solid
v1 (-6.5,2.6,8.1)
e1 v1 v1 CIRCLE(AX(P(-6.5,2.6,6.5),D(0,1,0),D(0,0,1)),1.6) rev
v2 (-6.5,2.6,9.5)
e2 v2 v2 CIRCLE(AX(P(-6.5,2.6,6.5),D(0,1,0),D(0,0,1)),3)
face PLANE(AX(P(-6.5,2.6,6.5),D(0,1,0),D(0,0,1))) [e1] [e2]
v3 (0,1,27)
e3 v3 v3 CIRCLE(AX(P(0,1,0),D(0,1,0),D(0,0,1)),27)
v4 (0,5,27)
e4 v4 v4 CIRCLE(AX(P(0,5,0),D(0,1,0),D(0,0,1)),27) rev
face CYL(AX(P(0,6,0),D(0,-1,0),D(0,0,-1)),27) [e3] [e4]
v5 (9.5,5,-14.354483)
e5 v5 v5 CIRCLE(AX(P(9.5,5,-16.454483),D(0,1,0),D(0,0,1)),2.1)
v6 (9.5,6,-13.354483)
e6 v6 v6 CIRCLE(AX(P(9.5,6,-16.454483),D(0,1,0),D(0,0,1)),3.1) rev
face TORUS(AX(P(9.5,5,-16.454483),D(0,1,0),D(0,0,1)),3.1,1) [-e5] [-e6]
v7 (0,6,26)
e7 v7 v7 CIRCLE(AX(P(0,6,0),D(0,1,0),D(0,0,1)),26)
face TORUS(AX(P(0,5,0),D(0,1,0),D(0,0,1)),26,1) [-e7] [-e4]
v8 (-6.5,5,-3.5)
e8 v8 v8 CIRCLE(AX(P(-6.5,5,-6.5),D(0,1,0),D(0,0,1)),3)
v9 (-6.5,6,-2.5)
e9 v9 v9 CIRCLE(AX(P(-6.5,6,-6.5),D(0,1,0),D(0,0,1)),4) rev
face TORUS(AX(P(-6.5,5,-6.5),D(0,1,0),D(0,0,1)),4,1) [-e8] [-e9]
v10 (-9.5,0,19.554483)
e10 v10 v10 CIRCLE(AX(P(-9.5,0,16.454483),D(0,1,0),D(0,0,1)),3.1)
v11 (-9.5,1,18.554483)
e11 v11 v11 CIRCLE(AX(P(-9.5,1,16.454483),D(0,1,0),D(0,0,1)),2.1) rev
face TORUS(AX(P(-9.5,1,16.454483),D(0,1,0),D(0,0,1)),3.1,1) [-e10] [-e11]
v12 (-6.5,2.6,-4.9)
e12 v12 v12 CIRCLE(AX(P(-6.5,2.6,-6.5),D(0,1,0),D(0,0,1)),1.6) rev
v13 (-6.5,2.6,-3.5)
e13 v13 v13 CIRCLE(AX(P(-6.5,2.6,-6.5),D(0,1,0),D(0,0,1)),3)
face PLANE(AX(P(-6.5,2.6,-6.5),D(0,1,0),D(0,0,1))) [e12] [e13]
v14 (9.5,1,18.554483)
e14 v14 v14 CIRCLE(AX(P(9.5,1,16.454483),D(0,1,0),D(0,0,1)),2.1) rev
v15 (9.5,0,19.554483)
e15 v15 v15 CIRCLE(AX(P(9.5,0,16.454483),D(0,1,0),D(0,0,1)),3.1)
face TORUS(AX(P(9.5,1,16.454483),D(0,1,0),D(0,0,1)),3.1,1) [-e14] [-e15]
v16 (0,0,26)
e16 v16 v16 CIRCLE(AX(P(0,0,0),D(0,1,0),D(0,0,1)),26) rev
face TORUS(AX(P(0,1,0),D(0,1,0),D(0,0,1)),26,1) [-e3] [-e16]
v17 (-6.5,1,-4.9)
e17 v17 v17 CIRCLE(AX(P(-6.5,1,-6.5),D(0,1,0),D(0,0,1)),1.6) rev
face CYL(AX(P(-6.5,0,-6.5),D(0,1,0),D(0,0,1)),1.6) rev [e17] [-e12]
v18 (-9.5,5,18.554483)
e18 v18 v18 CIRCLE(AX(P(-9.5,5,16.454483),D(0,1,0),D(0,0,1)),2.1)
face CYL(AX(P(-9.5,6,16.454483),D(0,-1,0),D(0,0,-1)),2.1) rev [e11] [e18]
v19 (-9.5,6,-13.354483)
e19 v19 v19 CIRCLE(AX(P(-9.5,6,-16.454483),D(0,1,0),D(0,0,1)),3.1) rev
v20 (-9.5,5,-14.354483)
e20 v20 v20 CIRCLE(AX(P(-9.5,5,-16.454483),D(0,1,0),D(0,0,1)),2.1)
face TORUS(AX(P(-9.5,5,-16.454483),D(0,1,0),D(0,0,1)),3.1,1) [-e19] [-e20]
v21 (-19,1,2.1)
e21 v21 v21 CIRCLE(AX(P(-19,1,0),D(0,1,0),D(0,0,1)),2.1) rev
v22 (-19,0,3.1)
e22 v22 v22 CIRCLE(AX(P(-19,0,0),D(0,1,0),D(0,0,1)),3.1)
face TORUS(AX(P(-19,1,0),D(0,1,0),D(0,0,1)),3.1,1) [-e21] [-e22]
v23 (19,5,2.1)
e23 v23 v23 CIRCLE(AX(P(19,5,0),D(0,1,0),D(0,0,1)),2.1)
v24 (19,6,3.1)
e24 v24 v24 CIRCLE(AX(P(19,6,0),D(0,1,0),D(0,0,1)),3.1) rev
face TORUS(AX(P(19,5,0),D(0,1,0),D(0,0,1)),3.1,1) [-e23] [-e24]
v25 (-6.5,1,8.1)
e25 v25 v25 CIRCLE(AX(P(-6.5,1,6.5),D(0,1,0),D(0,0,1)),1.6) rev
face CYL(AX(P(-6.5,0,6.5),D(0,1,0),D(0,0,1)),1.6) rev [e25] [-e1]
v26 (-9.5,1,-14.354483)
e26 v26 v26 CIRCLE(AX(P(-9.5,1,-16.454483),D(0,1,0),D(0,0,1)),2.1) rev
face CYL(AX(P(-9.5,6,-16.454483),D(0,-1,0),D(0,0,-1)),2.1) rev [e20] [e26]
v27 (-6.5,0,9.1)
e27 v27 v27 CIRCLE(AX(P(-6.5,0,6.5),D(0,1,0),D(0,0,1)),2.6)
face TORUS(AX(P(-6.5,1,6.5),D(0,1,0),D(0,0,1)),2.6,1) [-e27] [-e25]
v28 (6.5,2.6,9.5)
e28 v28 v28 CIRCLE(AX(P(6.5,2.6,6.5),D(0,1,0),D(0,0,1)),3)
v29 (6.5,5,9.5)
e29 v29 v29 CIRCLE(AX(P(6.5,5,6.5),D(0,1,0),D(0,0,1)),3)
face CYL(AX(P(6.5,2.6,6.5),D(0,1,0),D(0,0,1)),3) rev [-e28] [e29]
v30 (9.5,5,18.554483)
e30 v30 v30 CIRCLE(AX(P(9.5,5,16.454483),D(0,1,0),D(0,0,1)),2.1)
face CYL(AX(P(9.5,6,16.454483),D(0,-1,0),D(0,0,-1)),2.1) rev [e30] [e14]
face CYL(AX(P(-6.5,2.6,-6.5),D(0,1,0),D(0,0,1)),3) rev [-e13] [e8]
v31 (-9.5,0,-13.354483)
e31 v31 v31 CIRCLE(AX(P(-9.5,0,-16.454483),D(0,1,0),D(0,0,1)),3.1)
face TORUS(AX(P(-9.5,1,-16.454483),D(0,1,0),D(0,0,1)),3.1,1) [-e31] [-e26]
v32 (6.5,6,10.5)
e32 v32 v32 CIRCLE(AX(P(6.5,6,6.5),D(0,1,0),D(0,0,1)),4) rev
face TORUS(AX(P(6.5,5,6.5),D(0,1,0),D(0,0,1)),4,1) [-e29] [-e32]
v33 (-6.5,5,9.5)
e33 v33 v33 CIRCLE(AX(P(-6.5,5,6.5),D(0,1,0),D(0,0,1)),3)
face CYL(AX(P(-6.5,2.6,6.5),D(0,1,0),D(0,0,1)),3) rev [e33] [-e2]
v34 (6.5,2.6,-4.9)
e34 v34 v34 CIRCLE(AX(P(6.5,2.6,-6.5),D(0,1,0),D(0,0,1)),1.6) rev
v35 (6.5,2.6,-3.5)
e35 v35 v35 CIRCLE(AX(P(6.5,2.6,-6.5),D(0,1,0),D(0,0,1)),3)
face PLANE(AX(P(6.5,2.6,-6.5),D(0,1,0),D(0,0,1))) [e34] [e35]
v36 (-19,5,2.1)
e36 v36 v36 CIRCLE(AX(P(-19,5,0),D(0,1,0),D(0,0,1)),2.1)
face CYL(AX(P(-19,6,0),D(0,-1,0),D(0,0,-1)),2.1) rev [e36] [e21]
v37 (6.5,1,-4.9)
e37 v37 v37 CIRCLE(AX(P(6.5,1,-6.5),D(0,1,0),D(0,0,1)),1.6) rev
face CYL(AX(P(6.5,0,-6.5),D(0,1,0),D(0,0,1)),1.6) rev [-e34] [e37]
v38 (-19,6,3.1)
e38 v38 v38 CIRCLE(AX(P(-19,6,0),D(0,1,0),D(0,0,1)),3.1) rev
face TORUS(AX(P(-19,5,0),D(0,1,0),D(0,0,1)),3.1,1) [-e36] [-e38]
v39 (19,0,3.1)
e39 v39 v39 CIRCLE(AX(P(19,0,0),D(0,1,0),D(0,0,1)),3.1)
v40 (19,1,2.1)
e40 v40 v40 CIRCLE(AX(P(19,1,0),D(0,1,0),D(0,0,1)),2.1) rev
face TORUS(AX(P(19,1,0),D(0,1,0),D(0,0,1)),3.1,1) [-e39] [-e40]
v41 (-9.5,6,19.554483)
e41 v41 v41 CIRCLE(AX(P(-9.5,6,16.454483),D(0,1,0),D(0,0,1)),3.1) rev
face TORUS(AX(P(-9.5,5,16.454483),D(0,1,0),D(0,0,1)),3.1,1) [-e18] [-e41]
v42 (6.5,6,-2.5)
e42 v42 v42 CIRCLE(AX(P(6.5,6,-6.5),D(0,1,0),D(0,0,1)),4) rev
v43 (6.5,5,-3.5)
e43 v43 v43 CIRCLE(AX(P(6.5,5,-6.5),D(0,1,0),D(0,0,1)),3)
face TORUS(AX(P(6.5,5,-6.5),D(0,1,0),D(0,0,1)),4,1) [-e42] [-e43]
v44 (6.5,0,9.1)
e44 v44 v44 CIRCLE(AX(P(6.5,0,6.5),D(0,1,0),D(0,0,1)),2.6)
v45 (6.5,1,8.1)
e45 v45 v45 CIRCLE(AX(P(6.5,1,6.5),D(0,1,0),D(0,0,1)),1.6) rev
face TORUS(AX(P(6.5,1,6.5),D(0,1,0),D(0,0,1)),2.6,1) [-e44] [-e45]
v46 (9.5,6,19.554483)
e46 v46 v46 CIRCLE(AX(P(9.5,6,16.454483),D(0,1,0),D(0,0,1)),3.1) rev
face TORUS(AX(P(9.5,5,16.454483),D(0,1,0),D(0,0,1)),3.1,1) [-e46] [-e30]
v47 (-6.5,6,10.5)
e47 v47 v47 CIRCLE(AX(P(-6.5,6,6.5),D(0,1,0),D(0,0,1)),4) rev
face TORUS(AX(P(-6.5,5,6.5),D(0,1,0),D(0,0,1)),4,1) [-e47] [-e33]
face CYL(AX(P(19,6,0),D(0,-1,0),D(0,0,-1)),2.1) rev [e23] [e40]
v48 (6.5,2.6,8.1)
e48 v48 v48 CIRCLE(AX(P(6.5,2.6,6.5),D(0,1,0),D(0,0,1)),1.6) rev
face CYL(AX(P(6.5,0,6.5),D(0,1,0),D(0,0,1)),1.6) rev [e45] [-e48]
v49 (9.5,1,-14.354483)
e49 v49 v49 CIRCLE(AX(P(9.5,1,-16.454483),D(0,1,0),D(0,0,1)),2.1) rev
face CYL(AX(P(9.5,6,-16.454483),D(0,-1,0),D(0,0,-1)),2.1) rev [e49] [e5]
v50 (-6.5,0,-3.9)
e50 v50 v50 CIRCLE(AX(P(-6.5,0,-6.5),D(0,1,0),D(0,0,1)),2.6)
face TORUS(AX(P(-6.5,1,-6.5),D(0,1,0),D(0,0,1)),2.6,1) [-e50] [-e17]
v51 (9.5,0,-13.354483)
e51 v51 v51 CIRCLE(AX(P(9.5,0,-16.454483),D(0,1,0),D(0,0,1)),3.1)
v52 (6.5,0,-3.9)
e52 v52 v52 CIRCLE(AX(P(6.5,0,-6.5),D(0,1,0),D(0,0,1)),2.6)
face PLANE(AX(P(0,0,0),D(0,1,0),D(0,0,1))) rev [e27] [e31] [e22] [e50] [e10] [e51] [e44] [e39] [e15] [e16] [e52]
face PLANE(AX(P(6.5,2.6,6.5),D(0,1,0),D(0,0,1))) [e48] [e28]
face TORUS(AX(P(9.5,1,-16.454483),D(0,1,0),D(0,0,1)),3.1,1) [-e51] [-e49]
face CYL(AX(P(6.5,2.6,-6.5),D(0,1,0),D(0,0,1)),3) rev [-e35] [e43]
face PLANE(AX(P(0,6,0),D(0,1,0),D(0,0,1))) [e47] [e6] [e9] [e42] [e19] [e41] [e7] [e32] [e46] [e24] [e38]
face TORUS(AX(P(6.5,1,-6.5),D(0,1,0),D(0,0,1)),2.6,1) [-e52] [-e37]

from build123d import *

# Parameters (mm, degrees)
SKETCH_1_R          = 27
SKETCH_1_R_2        = 2.1
EXTRUDE_1_DEPTH     = 6
SKETCH_2_R          = 1.6
CUT_EXTRUDE_1_DEPTH = 39.65229618
SKETCH_3_R          = 3
CUT_EXTRUDE_2_DEPTH = 3.4
FILLET_2_R          = 1


with BuildPart() as part:
    # 草图1 → 凸台-拉伸1 (new body)
    with BuildSketch(Plane(origin=(0, 0, 0), x_dir=(1, 0, 0), z_dir=(0, 1, 0))):
        with Locations(Location((0, 0, 0), (0, 0, 270))):
            Circle(SKETCH_1_R)
        with Locations(Location((19, 0, 0), (0, 0, 270))):
            Circle(SKETCH_1_R_2, mode=Mode.SUBTRACT)
        with Locations(Location((9.5, -16.454482672, 0), (0, 0, 270))):
            Circle(SKETCH_1_R_2, mode=Mode.SUBTRACT)
        with Locations(Location((-9.5, -16.454482672, 0), (0, 0, 270))):
            Circle(SKETCH_1_R_2, mode=Mode.SUBTRACT)
        with Locations(Location((-19, 0, 0), (0, 0, 270))):
            Circle(SKETCH_1_R_2, mode=Mode.SUBTRACT)
        with Locations(Location((-9.5, 16.454482672, 0), (0, 0, 270))):
            Circle(SKETCH_1_R_2, mode=Mode.SUBTRACT)
        with Locations(Location((9.5, 16.454482672, 0), (0, 0, 270))):
            Circle(SKETCH_1_R_2, mode=Mode.SUBTRACT)
    extrude(amount=EXTRUDE_1_DEPTH)

    # 草图2 → 切除-拉伸1 (cut, through all)
    with BuildSketch(Plane(origin=(0, 6, 0), x_dir=(1, 0, 0), z_dir=(0, 1, 0))):
        with Locations(Location((6.5, 6.5, 0), (0, 0, 270))):
            Circle(SKETCH_2_R)
        with Locations(Location((6.5, -6.5, 0), (0, 0, 270))):
            Circle(SKETCH_2_R)
        with Locations(Location((-6.5, -6.5, 0), (0, 0, 270))):
            Circle(SKETCH_2_R)
        with Locations(Location((-6.5, 6.5, 0), (0, 0, 270))):
            Circle(SKETCH_2_R)
    extrude(amount=-CUT_EXTRUDE_1_DEPTH, mode=Mode.SUBTRACT)

    # 草图3 → 切除-拉伸2 (cut)
    with BuildSketch(Plane(origin=(0, 6, 0), x_dir=(1, 0, 0), z_dir=(0, 1, 0))):
        with Locations(Location((6.5, 6.5, 0), (0, 0, 270))):
            Circle(SKETCH_3_R)
        with Locations(Location((6.5, -6.5, 0), (0, 0, 270))):
            Circle(SKETCH_3_R)
        with Locations(Location((-6.5, -6.5, 0), (0, 0, 270))):
            Circle(SKETCH_3_R)
        with Locations(Location((-6.5, 6.5, 0), (0, 0, 270))):
            Circle(SKETCH_3_R)
    extrude(amount=-CUT_EXTRUDE_2_DEPTH, mode=Mode.SUBTRACT)

    # 圆角2
    fillet_2_edges = [part.edges().sort_by_distance(p)[0] for p in [
        (-9.5, 0, 14.354482672),
        (-9.5, 6, 14.354482672),
        (-19, 0, -2.1),
        (-19, 6, -2.1),
        (0, 0, -27),
        (-9.5, 0, -18.554482672),
        (-9.5, 6, -18.554482672),
        (9.5, 0, -18.554482672),
        (9.5, 6, -18.554482672),
        (-6.5, 0, -8.1),
        (-6.5, 0, 4.9),
        (6.5, 0, 4.9),
        (6.5, 0, -8.1),
        (0, 6, -27),
        (19, 0, -2.1),
        (-6.5, 6, -9.5),
        (19, 6, -2.1),
        (-6.5, 6, 3.5),
        (6.5, 6, 3.5),
        (6.5, 6, -9.5),
        (9.5, 0, 14.354482672),
        (9.5, 6, 14.354482672),
    ]]
    fillet(fillet_2_edges, radius=FILLET_2_R)


solid = part.part
